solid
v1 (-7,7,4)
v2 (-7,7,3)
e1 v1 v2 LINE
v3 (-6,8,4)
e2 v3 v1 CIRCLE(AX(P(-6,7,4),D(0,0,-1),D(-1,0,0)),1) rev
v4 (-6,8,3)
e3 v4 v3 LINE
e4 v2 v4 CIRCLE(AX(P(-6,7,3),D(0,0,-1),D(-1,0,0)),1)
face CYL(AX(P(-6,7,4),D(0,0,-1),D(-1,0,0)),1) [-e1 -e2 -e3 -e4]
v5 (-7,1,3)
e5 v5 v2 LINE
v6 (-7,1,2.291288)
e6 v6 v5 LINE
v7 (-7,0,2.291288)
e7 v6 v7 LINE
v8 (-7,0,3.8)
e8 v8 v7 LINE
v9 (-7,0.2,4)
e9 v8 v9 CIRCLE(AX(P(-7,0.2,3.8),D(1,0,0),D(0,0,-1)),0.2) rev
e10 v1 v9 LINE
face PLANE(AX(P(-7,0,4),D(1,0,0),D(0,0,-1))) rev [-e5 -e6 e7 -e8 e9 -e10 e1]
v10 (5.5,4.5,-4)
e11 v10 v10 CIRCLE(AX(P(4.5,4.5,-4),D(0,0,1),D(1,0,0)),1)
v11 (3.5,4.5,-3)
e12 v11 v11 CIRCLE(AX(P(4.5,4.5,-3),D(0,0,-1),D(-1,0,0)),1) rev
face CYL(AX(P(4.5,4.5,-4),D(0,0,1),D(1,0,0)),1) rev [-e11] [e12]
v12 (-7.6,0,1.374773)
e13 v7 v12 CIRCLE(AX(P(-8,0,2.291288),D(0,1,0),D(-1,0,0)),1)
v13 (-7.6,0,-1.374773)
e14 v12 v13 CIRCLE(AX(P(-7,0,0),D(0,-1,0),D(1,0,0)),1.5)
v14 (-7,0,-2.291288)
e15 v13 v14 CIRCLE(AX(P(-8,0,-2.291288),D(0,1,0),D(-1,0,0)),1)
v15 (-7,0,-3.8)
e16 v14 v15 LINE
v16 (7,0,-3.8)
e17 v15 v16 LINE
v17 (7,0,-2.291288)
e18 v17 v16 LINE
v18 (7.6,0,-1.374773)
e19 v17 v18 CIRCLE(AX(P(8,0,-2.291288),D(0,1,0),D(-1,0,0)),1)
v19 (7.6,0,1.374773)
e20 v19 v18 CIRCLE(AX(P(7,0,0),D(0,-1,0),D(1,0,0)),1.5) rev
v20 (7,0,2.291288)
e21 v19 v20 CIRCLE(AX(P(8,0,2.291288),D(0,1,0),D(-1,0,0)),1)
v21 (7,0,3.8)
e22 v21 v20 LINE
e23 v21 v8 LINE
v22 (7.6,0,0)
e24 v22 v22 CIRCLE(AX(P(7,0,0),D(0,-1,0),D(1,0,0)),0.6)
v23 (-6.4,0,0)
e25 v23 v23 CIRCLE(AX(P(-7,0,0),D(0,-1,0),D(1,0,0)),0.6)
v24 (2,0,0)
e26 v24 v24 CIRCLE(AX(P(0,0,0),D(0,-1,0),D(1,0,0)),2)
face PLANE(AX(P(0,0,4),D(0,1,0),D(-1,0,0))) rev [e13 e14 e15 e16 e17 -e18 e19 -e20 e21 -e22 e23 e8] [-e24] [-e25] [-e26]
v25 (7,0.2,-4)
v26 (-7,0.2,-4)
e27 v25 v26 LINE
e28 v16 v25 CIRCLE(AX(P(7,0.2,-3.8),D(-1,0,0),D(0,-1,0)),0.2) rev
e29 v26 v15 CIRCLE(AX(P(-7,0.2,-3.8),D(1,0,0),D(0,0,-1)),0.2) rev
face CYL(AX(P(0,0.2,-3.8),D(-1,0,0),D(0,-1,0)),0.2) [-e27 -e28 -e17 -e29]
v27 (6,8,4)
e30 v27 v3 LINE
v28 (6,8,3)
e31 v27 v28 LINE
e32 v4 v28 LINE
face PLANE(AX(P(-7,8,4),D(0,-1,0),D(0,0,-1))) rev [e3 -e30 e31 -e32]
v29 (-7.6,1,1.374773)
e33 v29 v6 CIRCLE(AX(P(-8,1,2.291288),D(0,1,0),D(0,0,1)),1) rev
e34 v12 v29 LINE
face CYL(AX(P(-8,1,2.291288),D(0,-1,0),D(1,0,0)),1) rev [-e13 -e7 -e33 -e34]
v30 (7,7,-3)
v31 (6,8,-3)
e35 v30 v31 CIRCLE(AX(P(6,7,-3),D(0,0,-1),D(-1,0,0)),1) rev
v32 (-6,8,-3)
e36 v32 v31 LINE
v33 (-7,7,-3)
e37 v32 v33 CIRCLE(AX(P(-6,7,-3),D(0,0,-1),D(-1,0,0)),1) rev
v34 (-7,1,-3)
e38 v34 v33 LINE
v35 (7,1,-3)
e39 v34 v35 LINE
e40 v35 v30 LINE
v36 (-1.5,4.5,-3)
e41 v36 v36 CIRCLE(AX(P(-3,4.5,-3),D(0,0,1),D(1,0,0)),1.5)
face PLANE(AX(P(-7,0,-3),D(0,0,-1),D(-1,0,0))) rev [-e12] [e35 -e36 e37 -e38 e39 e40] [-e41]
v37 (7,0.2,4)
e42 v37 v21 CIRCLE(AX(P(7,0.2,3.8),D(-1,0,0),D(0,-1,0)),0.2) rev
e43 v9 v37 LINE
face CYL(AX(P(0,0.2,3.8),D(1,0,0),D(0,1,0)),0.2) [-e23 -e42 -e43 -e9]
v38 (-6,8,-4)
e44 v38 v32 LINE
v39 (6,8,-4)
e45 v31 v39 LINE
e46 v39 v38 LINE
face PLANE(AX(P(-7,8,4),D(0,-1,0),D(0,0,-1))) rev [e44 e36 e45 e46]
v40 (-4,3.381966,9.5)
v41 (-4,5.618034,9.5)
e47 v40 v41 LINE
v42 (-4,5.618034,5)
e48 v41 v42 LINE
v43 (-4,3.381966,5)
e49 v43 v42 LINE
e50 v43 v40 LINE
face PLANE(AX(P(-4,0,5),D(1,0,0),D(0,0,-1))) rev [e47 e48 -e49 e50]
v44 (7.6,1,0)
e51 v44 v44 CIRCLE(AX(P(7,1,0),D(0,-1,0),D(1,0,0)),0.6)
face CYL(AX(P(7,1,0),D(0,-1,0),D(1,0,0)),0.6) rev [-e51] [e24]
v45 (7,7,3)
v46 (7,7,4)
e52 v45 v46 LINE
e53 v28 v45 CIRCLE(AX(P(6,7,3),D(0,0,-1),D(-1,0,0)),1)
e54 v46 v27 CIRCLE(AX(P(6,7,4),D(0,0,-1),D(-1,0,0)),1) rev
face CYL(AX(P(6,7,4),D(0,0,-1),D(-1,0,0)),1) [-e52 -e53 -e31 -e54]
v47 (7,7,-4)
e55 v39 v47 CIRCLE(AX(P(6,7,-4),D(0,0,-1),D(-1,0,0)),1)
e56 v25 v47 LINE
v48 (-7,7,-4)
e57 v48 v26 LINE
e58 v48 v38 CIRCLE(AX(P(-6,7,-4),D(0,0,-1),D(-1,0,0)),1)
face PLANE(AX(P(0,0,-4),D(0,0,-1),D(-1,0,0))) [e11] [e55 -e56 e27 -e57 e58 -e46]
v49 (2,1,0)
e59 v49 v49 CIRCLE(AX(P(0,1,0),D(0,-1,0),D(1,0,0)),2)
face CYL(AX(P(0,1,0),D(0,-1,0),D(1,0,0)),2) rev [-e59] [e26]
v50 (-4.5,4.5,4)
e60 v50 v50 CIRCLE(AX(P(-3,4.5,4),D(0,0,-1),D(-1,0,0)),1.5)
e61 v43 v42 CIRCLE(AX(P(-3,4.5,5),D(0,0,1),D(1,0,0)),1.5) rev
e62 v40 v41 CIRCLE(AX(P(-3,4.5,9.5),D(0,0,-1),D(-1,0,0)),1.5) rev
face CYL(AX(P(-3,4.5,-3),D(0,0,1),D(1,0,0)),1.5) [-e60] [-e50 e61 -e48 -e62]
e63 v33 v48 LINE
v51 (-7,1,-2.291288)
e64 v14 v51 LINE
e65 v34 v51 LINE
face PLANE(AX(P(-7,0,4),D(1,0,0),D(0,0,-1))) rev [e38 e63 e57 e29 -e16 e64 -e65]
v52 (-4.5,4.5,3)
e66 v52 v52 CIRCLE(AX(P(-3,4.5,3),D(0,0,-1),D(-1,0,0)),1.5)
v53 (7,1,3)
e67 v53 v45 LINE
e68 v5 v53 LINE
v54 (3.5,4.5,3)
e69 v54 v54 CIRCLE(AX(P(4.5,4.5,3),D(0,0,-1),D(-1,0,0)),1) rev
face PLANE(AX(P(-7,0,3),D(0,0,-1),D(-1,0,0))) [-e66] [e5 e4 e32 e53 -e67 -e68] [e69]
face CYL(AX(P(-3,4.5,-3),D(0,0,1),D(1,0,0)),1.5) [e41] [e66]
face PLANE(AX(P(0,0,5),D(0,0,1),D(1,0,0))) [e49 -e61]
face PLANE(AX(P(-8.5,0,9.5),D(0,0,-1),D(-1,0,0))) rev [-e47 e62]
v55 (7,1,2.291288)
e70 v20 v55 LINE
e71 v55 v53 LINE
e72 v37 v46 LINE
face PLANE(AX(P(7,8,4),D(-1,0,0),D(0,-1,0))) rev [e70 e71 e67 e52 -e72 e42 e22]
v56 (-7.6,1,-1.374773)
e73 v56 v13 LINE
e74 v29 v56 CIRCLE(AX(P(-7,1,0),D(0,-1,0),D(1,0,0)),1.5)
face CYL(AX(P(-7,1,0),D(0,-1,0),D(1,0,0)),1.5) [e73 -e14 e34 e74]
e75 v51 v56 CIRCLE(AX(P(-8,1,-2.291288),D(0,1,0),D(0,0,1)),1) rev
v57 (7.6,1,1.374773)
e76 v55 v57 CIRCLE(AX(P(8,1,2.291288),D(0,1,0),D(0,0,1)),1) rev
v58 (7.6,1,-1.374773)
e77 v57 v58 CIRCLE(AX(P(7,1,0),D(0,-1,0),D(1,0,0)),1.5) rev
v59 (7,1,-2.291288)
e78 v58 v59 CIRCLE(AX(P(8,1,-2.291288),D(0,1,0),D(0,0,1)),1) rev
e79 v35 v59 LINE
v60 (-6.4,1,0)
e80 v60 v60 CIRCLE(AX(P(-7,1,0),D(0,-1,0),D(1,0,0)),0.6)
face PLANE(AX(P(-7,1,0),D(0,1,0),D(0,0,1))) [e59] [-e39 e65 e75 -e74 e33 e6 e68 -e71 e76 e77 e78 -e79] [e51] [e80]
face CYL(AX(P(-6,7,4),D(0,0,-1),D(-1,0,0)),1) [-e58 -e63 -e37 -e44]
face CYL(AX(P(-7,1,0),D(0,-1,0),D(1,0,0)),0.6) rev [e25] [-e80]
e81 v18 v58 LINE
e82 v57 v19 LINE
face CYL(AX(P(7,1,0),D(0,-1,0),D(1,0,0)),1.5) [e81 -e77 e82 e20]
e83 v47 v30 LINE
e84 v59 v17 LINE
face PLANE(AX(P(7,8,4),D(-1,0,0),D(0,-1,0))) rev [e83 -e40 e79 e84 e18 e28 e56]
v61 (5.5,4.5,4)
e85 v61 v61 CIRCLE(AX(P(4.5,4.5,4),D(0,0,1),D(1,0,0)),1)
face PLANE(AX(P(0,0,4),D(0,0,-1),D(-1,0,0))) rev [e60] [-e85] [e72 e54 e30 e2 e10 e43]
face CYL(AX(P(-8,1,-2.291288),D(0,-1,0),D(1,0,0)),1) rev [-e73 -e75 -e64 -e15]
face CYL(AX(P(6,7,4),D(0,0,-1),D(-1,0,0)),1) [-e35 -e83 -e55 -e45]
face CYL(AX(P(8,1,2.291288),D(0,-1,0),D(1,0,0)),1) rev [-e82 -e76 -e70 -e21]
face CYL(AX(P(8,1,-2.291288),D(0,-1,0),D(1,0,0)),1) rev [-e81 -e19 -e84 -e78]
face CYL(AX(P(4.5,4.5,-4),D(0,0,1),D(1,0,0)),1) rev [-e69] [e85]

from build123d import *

# Parameters (mm, degrees)
EXTRUDE1_DEPTH      = 4
EXTRUDE2_DEPTH      = 12.357816692
EXTRUDE2_DEPTH_BACK = 12.357816692
SKETCH2_R           = 1
EXTRUDE3_DEPTH      = 12.357816692
EXTRUDE3_DEPTH_BACK = 12.357816692
SKETCH4_W           = 6
SKETCH4_H           = 8.732029078
FILLET1_R           = 0.2
FILLET2_R           = 1
EXTRUDE4_DEPTH      = 14
EXTRUDE4_DEPTH_BACK = 3
SKETCH3_R           = 1.5
EXTRUDE5_DEPTH      = 9
SKETCH6_R           = 1.5
EXTRUDE6_DEPTH      = 1
SKETCH7_R           = 0.6
EXTRUDE7_DEPTH      = 1
FILLET3_R           = 1
SKETCH8_R           = 2
EXTRUDE8_DEPTH      = 1
SKETCH9_W           = 5.922368331
SKETCH9_H           = 2.817570744
SKETCH9_H_2         = 4.117351233
EXTRUDE9_DEPTH      = 19.227726134


with BuildPart() as part:
    # Sketch1 → Extrude1 (new, symmetric)
    with BuildSketch(Plane.XY):
        Polygon((0, 0), (-7, 0), (-7, 8), (7, 8), (7, 0), align=None)
    extrude(amount=EXTRUDE1_DEPTH, both=True)

    # Sketch2 → Extrude2 (cut, two sides: drawn at the far end of the back side and taken through both)
    with BuildSketch(Plane.XY.offset(-EXTRUDE2_DEPTH_BACK)):
        with Locations((4.5, 4.5)):
            Circle(SKETCH2_R)
    extrude(amount=EXTRUDE2_DEPTH + EXTRUDE2_DEPTH_BACK, mode=Mode.SUBTRACT)

    # Sketch4 → Extrude3 (cut, two sides: drawn at the far end of the back side and taken through both)
    with BuildSketch(Plane(origin=(0, 0, 0), x_dir=(0, 0, -1), z_dir=(1, 0, 0)).offset(-EXTRUDE3_DEPTH_BACK)):
        with Locations((0, 5.366014539)):
            Rectangle(SKETCH4_W, SKETCH4_H)
    extrude(amount=EXTRUDE3_DEPTH + EXTRUDE3_DEPTH_BACK, mode=Mode.SUBTRACT)

    # Fillet1
    fillet1_edges = [part.edges().sort_by_distance(p)[0] for p in [
        (0, 0, 4),
        (0, 0, -4),
    ]]
    fillet(fillet1_edges, radius=FILLET1_R)

    # Fillet2
    fillet2_edges = [part.edges().sort_by_distance(p)[0] for p in [
        (-7, 8, -3.5),
        (7, 8, -3.5),
        (-7, 8, 3.5),
        (7, 8, 3.5),
    ]]
    fillet(fillet2_edges, radius=FILLET2_R)

    # Sketch3 → Extrude4 (add, two sides: drawn at the far end of the back side and taken through both)
    with BuildSketch(Plane.XY.offset(-EXTRUDE4_DEPTH_BACK)):
        with Locations((-3, 4.5)):
            Circle(SKETCH3_R)
    extrude(amount=EXTRUDE4_DEPTH + EXTRUDE4_DEPTH_BACK)

    # Sketch5 → Extrude5 (cut)
    with BuildSketch(Plane.XY.offset(14)):
        Polygon((-4, 4.5), (-4, 6.060686456), (-4.95644391, 6.060686456), (-4.95644391, 2.5), (-4, 2.5), align=None)
    extrude(amount=-EXTRUDE5_DEPTH, mode=Mode.SUBTRACT)

    # Sketch6 → Extrude6 (add)
    with BuildSketch(Plane.XZ):
        with Locations((-7, 0)):
            Circle(SKETCH6_R)
        with Locations((7, 0)):
            Circle(SKETCH6_R)
    extrude(amount=-EXTRUDE6_DEPTH)

    # Sketch7 → Extrude7 (cut)
    with BuildSketch(Plane.XZ):
        with Locations((-7, 0)):
            Circle(SKETCH7_R)
        with Locations((7, 0)):
            Circle(SKETCH7_R)
    extrude(amount=-EXTRUDE7_DEPTH, mode=Mode.SUBTRACT)

    # Fillet3
    fillet3_edges = [part.edges().sort_by_distance(p)[0] for p in [
        (7, 0.5, -1.5),
        (7, 0.5, 1.5),
        (-7, 0.5, 1.5),
        (-7, 0.5, -1.5),
    ]]
    fillet(fillet3_edges, radius=FILLET3_R)

    # Sketch8 → Extrude8 (cut)
    with BuildSketch(Plane.XZ):
        Circle(SKETCH8_R)
    extrude(amount=-EXTRUDE8_DEPTH, mode=Mode.SUBTRACT)

    # Sketch9 → Extrude9 (cut, through all)
    with BuildSketch(Plane(origin=(0, 0, 0), x_dir=(0, 0, -1), z_dir=(1, 0, 0))):
        with Locations((-12.461184166, 5.908785372)):
            Rectangle(SKETCH9_W, SKETCH9_H)
        with Locations((-12.461184166, 2.441324384)):
            Rectangle(SKETCH9_W, SKETCH9_H_2)
    extrude(amount=-EXTRUDE9_DEPTH, mode=Mode.SUBTRACT)


solid = part.part
